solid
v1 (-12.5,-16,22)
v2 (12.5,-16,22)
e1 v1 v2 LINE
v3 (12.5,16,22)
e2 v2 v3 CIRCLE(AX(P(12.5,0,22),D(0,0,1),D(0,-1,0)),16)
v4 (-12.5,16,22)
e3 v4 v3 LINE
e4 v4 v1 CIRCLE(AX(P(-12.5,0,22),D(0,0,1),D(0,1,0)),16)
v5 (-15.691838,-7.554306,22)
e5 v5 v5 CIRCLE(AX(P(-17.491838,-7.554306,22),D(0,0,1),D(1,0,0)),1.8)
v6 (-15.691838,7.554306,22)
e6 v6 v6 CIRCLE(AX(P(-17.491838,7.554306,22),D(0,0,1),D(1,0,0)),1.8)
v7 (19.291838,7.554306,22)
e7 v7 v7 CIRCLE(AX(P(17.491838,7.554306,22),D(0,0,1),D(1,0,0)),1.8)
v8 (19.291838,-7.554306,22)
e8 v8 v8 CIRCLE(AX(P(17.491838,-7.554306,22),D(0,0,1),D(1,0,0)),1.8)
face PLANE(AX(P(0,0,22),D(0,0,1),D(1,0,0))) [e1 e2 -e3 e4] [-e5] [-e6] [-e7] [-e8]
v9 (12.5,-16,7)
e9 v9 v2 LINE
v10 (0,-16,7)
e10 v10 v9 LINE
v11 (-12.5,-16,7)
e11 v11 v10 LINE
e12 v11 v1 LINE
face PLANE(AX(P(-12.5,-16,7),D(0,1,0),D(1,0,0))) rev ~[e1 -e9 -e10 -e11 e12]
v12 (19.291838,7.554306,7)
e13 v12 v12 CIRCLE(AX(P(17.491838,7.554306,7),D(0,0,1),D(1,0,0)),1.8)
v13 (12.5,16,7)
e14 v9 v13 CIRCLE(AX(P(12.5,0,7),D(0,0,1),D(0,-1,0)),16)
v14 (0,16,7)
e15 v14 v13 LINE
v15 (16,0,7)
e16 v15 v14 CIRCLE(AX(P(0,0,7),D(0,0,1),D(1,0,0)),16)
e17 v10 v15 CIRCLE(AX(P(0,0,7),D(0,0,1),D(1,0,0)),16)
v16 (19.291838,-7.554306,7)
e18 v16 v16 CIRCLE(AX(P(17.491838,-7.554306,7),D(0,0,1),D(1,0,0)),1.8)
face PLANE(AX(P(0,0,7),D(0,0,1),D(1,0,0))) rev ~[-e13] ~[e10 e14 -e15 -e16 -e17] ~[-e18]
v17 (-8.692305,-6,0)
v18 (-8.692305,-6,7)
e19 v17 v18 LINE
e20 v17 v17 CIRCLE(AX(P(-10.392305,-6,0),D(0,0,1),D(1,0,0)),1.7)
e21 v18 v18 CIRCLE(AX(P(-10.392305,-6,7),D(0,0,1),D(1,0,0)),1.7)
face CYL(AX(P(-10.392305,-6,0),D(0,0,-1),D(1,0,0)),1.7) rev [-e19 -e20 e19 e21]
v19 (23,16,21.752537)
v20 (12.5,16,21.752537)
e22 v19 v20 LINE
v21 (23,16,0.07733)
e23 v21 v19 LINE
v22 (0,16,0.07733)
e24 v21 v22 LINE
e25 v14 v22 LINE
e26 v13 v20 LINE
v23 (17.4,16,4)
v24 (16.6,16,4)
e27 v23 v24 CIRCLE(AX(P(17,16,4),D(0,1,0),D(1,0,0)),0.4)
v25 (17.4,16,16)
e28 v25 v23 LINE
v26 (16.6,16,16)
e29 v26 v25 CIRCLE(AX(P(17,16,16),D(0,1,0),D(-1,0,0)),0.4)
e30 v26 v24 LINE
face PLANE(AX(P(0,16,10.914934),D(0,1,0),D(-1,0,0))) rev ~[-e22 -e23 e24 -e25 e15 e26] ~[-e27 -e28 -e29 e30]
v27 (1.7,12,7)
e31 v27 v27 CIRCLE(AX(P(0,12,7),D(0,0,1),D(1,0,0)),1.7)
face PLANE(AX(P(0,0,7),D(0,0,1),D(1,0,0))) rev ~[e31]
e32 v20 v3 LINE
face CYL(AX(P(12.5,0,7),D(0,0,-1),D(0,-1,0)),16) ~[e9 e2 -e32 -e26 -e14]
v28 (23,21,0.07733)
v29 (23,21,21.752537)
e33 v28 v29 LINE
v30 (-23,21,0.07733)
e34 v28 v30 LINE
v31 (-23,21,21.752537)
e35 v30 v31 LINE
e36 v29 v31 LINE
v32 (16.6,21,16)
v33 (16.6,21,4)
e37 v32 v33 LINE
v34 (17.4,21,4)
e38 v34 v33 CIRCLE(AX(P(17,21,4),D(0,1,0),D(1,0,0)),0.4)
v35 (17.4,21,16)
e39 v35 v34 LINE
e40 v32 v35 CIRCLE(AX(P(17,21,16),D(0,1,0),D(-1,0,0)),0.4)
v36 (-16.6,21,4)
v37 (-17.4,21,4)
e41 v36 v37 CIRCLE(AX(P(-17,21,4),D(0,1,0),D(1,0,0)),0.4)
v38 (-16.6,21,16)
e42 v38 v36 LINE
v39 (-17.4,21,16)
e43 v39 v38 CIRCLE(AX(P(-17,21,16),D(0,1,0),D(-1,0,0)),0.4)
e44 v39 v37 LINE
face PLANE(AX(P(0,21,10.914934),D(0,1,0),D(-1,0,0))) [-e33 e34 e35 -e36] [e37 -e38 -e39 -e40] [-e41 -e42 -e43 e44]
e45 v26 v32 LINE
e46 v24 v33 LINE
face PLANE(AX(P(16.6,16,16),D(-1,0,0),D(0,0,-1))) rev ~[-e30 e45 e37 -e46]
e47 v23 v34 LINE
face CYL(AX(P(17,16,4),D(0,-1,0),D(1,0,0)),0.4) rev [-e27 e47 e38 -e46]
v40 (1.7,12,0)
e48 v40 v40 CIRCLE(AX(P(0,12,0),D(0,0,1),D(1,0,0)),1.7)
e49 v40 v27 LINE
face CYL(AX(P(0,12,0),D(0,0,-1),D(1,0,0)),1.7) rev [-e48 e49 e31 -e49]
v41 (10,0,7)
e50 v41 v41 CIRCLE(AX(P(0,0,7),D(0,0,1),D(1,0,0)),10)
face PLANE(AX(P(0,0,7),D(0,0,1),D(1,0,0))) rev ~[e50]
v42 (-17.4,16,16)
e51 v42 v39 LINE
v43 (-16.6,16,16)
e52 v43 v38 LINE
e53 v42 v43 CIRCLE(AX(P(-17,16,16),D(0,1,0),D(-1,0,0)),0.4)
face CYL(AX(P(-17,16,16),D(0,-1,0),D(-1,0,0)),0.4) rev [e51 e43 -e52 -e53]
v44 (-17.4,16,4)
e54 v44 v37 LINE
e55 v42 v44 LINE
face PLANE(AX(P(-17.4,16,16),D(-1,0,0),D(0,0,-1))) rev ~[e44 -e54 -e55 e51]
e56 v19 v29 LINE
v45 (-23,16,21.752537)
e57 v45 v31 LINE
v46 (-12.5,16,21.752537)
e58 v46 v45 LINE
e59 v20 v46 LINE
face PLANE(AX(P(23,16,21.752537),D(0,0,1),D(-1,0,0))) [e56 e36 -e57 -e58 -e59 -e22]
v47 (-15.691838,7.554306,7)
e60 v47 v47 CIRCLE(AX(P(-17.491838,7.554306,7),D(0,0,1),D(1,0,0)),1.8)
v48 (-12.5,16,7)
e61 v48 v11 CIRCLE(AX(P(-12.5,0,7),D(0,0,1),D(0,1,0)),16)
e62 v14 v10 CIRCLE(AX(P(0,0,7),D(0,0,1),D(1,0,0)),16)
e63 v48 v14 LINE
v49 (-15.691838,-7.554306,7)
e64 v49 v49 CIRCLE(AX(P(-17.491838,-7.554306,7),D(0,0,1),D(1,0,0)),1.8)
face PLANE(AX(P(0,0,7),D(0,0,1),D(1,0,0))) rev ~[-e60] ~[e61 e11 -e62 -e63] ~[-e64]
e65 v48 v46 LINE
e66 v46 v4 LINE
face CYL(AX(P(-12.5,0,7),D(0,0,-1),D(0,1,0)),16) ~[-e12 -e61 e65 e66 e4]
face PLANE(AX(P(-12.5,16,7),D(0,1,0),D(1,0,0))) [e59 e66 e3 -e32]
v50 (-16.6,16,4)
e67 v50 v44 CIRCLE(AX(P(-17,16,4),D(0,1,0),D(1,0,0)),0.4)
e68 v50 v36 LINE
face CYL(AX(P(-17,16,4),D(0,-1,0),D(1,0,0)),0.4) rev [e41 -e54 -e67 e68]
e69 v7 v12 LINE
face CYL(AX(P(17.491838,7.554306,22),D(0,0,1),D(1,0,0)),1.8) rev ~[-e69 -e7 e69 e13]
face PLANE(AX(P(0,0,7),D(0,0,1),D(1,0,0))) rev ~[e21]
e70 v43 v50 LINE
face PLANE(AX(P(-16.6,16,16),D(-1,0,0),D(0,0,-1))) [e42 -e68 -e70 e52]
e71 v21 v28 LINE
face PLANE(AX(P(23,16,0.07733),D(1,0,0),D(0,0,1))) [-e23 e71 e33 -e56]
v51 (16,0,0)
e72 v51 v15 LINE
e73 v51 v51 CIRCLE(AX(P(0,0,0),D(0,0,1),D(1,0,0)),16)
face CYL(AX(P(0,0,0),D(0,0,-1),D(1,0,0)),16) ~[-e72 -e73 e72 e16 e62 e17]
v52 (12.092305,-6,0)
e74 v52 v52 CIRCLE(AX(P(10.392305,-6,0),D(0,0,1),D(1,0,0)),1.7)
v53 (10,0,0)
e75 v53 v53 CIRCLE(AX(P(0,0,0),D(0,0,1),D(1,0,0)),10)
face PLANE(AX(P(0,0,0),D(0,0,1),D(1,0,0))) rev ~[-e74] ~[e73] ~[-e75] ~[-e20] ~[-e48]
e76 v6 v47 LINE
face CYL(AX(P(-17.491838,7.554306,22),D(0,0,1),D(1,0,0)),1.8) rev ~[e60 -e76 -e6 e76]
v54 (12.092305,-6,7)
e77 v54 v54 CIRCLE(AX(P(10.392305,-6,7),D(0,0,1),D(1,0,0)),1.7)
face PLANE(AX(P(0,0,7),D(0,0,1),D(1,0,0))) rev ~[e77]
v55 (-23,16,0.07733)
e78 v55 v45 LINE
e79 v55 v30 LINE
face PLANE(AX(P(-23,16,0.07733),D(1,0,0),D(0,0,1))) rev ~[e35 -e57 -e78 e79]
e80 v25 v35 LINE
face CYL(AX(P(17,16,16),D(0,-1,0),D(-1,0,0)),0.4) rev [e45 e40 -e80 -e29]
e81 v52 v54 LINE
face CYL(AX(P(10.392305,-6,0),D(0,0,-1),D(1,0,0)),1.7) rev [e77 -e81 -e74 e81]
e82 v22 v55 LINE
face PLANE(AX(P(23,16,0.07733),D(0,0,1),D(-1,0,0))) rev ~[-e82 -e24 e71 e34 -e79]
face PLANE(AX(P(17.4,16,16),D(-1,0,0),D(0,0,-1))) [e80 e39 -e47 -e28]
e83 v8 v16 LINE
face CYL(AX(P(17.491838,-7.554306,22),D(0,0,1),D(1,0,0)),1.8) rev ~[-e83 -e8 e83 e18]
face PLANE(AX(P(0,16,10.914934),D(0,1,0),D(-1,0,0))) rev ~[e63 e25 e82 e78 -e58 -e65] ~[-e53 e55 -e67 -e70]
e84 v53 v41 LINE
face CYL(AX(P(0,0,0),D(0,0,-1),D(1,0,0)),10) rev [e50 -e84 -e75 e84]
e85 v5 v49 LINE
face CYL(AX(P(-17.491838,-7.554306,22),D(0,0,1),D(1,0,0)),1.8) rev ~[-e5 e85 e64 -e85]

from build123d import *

# Parameters (mm, degrees)
SKETCH029_R     = 16
SKETCH029_R_2   = 10
SKETCH029_R_3   = 1.7
PAD008_DEPTH    = 7
PAD009_DEPTH    = 15
SKETCH031_R     = 1.8
POCKET020_DEPTH = 30
SKETCH032_W     = 46
SKETCH032_H     = 21.675207
PAD010_DEPTH    = 5


with BuildPart() as part:
    # Sketch029 → Pad008 (new body)
    with BuildSketch(Plane.XY):
        Circle(SKETCH029_R)
        Circle(SKETCH029_R_2, mode=Mode.SUBTRACT)
        with Locations((0, 12)):
            Circle(SKETCH029_R_3, mode=Mode.SUBTRACT)
        with Locations((-10.392305, -6)):
            Circle(SKETCH029_R_3, mode=Mode.SUBTRACT)
        with Locations((10.392305, -6)):
            Circle(SKETCH029_R_3, mode=Mode.SUBTRACT)
    extrude(amount=PAD008_DEPTH)

    # Sketch030 (on Face7 of Pad008) → Pad009 (join)
    with BuildSketch(Plane.XY.offset(7)):
        with BuildLine():
            ThreePointArc((-12.5, 16), (-28.5, 0), (-12.5, -16))
            Line((-12.5, -16), (12.5, -16))
            ThreePointArc((12.5, -16), (28.5, 0), (12.5, 16))
            Line((-12.5, 16), (12.5, 16))
        make_face()
    extrude(amount=PAD009_DEPTH)

    # Sketch031 (on Face17 of Pad009) → Pocket020 (cut)
    with BuildSketch(Plane.XY.offset(22)):
        with Locations((-17.491838, 7.554306)):
            Circle(SKETCH031_R)
        with Locations((-17.491838, -7.554306)):
            Circle(SKETCH031_R)
        with Locations((17.491838, -7.554306)):
            Circle(SKETCH031_R)
        with Locations((17.491838, 7.554306)):
            Circle(SKETCH031_R)
    extrude(amount=-POCKET020_DEPTH, mode=Mode.SUBTRACT)

    # Sketch032 (on Face9 of Pocket020) → Pad010 (join)
    with BuildSketch(Plane(origin=(0, 16, 0), x_dir=(-1, 0, 0), z_dir=(0, 1, 0))):
        with Locations((0, 10.914934)):
            Rectangle(SKETCH032_W, SKETCH032_H)
        with BuildLine():
            ThreePointArc((-16.6, 16), (-17, 16.4), (-17.4, 16))
            Line((-17.4, 16), (-17.4, 4))
            ThreePointArc((-17.4, 4), (-17, 3.6), (-16.6, 4))
            Line((-16.6, 16), (-16.6, 4))
        make_face(mode=Mode.SUBTRACT)
        with BuildLine():
            ThreePointArc((17.4, 16), (17, 16.4), (16.6, 16))
            Line((16.6, 16), (16.6, 4))
            ThreePointArc((16.6, 4), (17, 3.6), (17.4, 4))
            Line((17.4, 16), (17.4, 4))
        make_face(mode=Mode.SUBTRACT)
    extrude(amount=PAD010_DEPTH)


solid = part.part
